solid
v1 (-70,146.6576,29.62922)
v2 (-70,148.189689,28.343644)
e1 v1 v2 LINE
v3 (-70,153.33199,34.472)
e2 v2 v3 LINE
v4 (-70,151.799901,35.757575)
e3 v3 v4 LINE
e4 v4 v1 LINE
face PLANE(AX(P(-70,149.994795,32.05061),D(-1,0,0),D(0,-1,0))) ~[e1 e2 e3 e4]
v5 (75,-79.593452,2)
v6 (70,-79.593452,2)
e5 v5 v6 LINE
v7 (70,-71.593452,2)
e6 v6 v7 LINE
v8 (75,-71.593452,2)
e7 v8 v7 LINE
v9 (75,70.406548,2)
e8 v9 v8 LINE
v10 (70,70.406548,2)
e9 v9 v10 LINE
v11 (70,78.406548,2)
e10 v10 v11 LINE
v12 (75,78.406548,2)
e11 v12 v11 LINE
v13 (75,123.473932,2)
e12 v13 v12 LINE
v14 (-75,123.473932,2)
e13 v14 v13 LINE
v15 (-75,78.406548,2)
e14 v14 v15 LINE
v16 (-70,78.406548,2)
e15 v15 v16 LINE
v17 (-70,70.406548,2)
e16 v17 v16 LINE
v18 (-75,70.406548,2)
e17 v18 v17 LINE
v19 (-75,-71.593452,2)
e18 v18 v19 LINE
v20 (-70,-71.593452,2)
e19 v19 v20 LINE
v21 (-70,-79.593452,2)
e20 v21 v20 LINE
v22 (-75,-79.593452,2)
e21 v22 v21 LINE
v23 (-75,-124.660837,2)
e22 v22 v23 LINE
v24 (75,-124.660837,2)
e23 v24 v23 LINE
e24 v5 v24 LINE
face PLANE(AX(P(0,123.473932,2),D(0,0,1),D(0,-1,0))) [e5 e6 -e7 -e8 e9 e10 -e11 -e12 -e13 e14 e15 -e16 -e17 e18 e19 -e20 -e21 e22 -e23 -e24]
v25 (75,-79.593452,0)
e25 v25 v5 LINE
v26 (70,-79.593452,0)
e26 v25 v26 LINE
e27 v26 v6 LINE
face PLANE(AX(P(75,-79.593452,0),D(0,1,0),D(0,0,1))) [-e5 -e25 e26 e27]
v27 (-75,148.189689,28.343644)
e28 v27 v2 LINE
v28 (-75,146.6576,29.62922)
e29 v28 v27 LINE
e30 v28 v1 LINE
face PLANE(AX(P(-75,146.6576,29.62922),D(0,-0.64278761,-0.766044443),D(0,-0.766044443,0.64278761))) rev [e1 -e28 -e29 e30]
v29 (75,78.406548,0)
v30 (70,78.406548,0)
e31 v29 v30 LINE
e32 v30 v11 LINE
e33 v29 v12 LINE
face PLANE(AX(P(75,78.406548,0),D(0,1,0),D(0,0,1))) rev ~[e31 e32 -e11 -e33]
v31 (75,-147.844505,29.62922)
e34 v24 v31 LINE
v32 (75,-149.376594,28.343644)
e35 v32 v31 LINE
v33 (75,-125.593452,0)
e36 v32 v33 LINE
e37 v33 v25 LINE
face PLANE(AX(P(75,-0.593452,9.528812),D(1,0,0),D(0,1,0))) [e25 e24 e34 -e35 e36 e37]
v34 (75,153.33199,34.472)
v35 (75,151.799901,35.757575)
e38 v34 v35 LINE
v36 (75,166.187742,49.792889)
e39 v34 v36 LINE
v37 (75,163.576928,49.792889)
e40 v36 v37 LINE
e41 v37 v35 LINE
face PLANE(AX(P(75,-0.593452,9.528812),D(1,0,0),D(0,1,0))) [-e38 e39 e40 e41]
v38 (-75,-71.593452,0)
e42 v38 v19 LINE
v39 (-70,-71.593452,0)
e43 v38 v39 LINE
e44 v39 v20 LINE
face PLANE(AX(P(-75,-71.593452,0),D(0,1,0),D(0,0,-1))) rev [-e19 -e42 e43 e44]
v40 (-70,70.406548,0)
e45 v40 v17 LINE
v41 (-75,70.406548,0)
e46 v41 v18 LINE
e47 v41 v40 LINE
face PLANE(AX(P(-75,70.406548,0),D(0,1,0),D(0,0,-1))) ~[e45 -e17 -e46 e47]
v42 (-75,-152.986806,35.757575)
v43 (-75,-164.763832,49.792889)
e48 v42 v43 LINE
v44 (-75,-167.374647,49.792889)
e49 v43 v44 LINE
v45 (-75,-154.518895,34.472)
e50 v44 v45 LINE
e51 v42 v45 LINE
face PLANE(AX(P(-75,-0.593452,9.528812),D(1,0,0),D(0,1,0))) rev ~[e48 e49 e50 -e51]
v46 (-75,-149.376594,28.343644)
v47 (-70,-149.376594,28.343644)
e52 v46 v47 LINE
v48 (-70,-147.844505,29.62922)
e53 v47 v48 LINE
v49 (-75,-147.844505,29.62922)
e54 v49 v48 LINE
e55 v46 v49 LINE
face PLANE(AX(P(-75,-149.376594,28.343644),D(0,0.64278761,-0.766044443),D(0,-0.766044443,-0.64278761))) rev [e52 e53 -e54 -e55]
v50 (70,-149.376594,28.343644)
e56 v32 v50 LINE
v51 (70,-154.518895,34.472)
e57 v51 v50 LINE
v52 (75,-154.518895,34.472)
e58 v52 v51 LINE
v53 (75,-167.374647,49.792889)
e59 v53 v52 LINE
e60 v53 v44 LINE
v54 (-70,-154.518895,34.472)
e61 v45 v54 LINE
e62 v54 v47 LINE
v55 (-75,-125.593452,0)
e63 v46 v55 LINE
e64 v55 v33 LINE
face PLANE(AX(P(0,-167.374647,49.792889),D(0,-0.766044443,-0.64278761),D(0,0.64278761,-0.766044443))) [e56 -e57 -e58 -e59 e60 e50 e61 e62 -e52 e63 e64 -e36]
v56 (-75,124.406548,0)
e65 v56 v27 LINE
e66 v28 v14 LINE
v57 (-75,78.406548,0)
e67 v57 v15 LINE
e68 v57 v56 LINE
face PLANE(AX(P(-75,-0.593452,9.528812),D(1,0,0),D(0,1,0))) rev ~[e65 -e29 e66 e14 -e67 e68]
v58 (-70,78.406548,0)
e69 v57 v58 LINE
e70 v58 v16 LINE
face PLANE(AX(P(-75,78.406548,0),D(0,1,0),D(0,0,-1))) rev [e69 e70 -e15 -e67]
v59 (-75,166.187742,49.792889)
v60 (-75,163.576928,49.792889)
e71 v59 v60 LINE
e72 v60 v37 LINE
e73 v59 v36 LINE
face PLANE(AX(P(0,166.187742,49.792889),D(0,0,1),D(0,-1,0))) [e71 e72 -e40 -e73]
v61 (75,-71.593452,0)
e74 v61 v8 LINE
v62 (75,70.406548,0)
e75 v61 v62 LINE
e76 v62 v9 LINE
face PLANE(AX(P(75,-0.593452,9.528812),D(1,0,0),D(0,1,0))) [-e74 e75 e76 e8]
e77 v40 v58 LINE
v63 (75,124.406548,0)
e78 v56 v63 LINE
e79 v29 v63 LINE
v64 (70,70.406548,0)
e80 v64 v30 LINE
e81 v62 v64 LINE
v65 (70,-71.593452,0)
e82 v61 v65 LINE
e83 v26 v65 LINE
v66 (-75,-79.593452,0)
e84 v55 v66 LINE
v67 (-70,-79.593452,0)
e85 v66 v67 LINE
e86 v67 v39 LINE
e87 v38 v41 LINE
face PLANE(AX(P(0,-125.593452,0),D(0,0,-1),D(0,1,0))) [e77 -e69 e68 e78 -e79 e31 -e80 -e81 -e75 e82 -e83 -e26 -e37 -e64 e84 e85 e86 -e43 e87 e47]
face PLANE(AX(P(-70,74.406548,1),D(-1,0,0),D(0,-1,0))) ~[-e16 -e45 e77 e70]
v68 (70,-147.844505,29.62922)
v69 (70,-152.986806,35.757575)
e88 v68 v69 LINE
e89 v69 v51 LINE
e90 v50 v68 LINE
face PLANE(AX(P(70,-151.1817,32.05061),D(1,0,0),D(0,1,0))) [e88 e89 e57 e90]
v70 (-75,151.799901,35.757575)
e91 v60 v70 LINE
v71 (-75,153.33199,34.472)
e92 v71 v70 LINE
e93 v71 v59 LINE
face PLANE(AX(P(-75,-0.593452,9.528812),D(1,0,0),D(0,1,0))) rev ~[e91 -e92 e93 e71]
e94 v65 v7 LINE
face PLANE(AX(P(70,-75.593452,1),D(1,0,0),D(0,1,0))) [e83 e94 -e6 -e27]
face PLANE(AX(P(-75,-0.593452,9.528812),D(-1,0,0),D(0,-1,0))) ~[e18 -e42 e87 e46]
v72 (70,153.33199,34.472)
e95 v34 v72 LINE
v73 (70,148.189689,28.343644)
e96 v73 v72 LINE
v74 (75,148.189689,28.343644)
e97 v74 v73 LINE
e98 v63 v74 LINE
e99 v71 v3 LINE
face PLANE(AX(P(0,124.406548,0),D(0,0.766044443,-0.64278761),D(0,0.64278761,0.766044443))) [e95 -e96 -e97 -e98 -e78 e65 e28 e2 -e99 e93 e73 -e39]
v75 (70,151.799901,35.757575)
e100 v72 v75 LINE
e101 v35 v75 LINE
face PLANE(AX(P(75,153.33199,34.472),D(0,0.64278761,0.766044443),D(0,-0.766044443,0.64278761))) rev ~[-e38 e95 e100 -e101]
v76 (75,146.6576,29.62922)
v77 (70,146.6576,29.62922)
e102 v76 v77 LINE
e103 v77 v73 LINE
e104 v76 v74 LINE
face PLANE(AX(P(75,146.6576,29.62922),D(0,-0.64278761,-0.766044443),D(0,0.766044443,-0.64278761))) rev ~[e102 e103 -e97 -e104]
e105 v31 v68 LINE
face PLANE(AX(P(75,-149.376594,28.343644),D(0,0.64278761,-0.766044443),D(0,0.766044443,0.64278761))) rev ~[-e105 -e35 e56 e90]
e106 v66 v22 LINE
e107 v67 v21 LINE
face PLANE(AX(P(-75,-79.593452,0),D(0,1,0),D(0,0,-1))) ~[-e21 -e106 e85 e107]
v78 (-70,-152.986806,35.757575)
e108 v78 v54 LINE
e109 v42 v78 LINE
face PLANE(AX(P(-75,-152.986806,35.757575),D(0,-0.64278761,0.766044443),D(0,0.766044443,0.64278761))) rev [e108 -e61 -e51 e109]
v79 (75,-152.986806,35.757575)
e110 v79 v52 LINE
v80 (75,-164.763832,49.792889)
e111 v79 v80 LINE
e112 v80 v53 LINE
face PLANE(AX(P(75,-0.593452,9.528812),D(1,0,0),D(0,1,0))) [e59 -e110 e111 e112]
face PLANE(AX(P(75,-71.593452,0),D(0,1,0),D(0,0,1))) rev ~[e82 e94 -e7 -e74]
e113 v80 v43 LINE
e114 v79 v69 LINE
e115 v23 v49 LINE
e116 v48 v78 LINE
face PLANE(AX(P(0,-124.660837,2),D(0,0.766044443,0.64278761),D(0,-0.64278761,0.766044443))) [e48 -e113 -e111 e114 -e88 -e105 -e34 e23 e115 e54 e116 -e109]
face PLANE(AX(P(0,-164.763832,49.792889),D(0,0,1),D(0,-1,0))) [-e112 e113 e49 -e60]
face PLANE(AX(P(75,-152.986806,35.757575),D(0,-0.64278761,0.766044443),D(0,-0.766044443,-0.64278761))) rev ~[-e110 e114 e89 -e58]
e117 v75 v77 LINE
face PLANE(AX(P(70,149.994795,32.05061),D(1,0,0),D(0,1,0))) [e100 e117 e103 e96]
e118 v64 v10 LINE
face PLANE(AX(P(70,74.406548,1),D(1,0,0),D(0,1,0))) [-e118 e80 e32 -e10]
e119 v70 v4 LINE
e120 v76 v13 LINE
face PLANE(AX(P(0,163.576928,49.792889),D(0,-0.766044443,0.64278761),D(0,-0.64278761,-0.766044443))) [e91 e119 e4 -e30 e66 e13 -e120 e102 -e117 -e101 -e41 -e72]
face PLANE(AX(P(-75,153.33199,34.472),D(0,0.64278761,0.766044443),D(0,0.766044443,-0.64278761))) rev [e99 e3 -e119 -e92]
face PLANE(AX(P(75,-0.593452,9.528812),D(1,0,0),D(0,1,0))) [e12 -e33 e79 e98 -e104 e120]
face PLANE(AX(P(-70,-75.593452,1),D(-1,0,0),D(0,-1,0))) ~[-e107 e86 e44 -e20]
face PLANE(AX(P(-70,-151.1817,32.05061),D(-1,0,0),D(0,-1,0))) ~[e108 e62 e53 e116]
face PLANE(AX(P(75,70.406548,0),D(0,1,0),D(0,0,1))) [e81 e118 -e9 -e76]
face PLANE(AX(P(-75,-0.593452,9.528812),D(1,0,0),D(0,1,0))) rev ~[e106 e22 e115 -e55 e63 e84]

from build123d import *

# Parameters (mm, degrees)
F1_DEPTH = 75
F2_W     = 8
F2_H     = 2
F3_DEPTH = 5


with BuildPart() as f1:
    # F0 (on Right) → F1 (new body, symmetric)
    with BuildSketch(Plane.YZ):
        Polygon((-167.3746470185, 49.7928888027), (-125.5934523889, 0), (124.4065476111, 0), (166.1877422407, 49.7928888027), (163.5769276621, 49.7928888027), (123.4739322948, 2), (-124.6608370726, 2), (-164.7638324399, 49.7928888027), align=None)
    extrude(amount=F1_DEPTH, both=True)

    # F2 (on face) → F3 (cut)
    with BuildSketch(Plane.YZ.offset(75)):
        with Locations((-75.5934523889, 1)):
            Rectangle(F2_W, F2_H)
        with Locations((74.4065476111, 1)):
            Rectangle(F2_W, F2_H)
        Polygon((151.7999011608, 35.7575751597), (146.6576002833, 29.6292196148), (148.1896891695, 28.3436443954), (153.331990047, 34.4719999404), align=None)
        Polygon((-149.3765939473, 28.3436443954), (-147.8445050611, 29.6292196148), (-152.9868059385, 35.7575751597), (-154.5188948248, 34.4719999404), align=None)
    extrude(amount=-F3_DEPTH, mode=Mode.SUBTRACT)

    # F4: F1 across plane


with BuildPart() as f1_1:
    add(f1.part)
    add(f1.part.mirror(Plane.YZ), mode=Mode.INTERSECT)


solid = f1_1.part
